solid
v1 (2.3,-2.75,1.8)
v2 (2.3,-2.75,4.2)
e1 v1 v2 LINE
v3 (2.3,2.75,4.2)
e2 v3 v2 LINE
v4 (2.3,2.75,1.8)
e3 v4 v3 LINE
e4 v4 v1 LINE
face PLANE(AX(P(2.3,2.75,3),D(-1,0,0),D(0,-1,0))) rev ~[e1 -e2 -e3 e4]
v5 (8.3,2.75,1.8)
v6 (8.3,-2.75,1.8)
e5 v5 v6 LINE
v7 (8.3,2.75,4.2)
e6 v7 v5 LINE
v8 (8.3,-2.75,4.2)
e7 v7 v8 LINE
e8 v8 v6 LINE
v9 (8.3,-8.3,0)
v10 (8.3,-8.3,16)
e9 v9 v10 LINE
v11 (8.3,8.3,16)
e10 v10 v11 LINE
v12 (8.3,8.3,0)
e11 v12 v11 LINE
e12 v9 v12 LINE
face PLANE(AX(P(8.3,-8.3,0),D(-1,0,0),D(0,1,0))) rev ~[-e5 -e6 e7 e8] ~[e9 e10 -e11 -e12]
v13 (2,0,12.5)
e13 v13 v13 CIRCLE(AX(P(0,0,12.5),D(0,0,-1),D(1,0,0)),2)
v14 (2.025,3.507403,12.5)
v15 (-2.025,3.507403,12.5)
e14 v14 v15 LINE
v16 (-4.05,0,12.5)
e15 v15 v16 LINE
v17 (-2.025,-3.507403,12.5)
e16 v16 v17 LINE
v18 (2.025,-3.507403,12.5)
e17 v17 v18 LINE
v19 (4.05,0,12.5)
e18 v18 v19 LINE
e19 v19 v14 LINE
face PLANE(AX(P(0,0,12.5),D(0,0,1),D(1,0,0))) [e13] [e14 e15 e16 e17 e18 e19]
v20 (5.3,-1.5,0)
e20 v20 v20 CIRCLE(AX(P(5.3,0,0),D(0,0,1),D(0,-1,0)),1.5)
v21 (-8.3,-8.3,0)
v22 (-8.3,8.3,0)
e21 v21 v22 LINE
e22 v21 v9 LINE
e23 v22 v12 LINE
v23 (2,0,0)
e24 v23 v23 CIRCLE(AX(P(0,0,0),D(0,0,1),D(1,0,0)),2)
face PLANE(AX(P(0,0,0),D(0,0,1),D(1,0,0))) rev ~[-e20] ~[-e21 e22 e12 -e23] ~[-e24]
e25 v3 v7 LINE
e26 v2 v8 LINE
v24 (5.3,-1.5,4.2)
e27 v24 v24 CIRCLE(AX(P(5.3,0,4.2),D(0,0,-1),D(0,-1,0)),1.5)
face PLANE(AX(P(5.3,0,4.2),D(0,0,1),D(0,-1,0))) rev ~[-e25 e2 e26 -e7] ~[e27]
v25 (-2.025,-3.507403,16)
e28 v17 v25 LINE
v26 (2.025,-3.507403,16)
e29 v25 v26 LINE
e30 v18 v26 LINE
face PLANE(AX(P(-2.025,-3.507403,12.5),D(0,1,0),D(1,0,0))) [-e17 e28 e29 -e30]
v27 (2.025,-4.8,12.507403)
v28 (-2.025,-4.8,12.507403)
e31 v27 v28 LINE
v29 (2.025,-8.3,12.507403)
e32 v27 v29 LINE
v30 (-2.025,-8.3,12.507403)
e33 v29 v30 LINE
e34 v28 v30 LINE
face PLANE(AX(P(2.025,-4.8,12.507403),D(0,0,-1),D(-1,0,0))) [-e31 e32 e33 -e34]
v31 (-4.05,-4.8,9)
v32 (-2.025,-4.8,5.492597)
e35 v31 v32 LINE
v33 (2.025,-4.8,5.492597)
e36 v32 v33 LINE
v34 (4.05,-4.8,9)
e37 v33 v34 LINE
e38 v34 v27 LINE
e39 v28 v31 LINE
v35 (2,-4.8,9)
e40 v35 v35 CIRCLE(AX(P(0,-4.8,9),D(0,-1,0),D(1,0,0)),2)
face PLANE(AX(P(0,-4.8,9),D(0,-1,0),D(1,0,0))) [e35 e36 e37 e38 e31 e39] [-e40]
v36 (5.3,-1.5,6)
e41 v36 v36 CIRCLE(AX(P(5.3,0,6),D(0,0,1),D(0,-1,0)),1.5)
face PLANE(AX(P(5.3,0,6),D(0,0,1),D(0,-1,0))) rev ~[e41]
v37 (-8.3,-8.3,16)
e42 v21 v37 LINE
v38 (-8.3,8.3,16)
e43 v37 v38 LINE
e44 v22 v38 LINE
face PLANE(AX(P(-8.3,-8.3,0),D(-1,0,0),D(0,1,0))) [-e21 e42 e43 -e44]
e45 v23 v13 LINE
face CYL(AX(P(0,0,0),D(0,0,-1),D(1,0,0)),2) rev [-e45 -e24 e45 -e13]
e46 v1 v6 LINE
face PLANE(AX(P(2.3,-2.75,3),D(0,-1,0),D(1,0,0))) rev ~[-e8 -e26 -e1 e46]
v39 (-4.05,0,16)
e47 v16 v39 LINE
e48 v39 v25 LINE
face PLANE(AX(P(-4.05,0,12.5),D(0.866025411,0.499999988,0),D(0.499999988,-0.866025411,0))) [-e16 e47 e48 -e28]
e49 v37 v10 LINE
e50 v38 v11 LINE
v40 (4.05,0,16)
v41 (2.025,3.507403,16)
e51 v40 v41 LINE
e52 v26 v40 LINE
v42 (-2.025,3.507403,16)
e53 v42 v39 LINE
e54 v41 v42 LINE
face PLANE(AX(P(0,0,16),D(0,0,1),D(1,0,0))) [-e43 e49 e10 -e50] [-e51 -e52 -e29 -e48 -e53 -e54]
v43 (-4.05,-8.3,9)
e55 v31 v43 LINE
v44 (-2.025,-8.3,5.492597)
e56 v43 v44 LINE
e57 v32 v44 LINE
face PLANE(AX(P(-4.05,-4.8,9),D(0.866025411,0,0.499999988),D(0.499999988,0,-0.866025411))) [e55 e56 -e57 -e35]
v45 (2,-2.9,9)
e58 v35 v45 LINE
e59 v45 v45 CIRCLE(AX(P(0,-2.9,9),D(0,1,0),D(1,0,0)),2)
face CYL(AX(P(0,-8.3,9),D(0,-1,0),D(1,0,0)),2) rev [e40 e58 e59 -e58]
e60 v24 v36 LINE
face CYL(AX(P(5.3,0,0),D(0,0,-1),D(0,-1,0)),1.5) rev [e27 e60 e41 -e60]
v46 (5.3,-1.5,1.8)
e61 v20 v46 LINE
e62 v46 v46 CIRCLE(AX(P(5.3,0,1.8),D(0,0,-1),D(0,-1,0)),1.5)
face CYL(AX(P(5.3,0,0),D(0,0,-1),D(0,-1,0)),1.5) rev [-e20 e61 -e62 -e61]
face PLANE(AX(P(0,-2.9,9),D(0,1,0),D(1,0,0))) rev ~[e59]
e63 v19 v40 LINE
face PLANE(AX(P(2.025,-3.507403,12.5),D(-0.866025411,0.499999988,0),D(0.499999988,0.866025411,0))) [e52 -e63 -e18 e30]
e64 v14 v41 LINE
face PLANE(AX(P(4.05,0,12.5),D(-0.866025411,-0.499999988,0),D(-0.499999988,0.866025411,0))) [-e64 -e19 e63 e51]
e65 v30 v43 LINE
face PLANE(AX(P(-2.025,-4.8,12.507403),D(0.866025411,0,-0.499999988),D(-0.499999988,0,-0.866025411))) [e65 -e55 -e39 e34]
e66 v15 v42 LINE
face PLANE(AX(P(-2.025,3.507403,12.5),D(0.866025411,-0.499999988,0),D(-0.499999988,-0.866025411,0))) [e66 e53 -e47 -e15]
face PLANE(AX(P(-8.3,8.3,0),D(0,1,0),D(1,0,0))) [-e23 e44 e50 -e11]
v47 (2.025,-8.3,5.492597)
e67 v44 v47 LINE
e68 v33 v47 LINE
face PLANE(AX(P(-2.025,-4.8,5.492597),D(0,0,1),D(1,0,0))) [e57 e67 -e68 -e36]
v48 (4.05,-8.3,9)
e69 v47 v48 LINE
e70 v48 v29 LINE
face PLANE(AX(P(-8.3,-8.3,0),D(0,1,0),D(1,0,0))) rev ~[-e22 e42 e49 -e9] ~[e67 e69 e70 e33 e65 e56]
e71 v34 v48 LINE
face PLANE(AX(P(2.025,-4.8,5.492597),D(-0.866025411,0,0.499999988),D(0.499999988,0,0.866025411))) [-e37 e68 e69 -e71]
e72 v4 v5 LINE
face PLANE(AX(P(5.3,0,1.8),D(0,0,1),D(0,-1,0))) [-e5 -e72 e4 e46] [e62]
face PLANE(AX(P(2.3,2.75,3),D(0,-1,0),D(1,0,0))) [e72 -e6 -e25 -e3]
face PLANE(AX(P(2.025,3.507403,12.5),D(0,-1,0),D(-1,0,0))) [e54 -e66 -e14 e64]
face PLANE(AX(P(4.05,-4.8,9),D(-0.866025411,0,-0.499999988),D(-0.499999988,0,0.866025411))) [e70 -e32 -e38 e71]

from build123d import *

# Parameters (mm, degrees)
CYLINDER002_R           = 1.5
CYLINDER002_DEPTH       = 6
SKETCH003_W             = 5.5
SKETCH003_H             = 6
PAD003_DEPTH            = 1.2
FUSION_PLACEMENT_ANGLE  = 270
PAD002_DEPTH            = 3.5
BODY002_PLACEMENT_ANGLE = 90
PAD001_DEPTH            = 3.5
CYLINDER_R              = 2
CYLINDER_DEPTH          = 16
CYLINDER001_R           = 2
CYLINDER001_DEPTH       = 5.4
BOX_W                   = 16.6
BOX_H                   = 16.6
BOX_DEPTH               = 16


with BuildPart() as cylinder002:
    # Cylinder002 → Cylinder002 (new body)
    with BuildSketch(Plane(origin=(0, 3, -3), x_dir=(1, 0, 0), z_dir=(0, 0, 1))):
        Circle(CYLINDER002_R)
    extrude(amount=CYLINDER002_DEPTH)


with BuildPart() as fusion:
    # Sketch003 → Pad003 (new body, symmetric)
    with BuildSketch(Plane.XY):
        with Locations((0, 3)):
            Rectangle(SKETCH003_W, SKETCH003_H)
    extrude(amount=PAD003_DEPTH, both=True)

    # Fusion: union Cylinder002
    add(cylinder002.part)


with BuildPart() as fusion_1:
    # Fusion placement: moved
    add(fusion.part.moved(Location((2.3, 0, 3))).rotate(Axis((2.3, 0, 3), (0, 0, 1)), FUSION_PLACEMENT_ANGLE))


with BuildPart() as nut_body002:
    # Sketch002 → Pad002 (new body)
    with BuildSketch(Plane.XY):
        Polygon((-4.05, 0), (-2.025, -3.507403), (2.025, -3.507403), (4.05, 0), (2.025, 3.507403), (-2.025, 3.507403), align=None)
    extrude(amount=PAD002_DEPTH)


with BuildPart() as nut_body002_1:
    # Body002 placement: moved
    add(nut_body002.part.moved(Location((0, -4.8, 9))).rotate(Axis((0, -4.8, 9), (1, 0, 0)), BODY002_PLACEMENT_ANGLE))


with BuildPart() as nut_body:
    # Sketch001 → Pad001 (new body)
    with BuildSketch(Plane.XY):
        Polygon((-4.05, 0), (-2.025, -3.507403), (2.025, -3.507403), (4.05, 0), (2.025, 3.507403), (-2.025, 3.507403), align=None)
    extrude(amount=PAD001_DEPTH)


with BuildPart() as nut_body_1:
    # Body001 placement: moved
    add(nut_body.part.moved(Location((0, 0, 12.5))))


with BuildPart() as cylinder:
    # Cylinder → Cylinder (new body)
    with BuildSketch(Plane.XY):
        Circle(CYLINDER_R)
    extrude(amount=CYLINDER_DEPTH)


with BuildPart() as fusion001:
    # Cylinder001 → Cylinder001 (new body)
    with BuildSketch(Plane(origin=(0, -8.3, 9), x_dir=(1, 0, 0), z_dir=(0, 1, 0))):
        Circle(CYLINDER001_R)
    extrude(amount=CYLINDER001_DEPTH)

    # Fusion001: union Fusion, nut_body002, nut_body, Cylinder
    add(fusion_1.part)
    add(nut_body002_1.part)
    add(nut_body_1.part)
    add(cylinder.part)


with BuildPart() as cut:
    # Box → Box (new body)
    with BuildSketch(Plane(origin=(-8.3, -8.3, 0), x_dir=(1, 0, 0), z_dir=(0, 0, 1))):
        with Locations((8.3, 8.3)):
            Rectangle(BOX_W, BOX_H)
    extrude(amount=BOX_DEPTH)

    # Cut: cut Fusion001
    add(fusion001.part, mode=Mode.SUBTRACT)


solid = cut.part
